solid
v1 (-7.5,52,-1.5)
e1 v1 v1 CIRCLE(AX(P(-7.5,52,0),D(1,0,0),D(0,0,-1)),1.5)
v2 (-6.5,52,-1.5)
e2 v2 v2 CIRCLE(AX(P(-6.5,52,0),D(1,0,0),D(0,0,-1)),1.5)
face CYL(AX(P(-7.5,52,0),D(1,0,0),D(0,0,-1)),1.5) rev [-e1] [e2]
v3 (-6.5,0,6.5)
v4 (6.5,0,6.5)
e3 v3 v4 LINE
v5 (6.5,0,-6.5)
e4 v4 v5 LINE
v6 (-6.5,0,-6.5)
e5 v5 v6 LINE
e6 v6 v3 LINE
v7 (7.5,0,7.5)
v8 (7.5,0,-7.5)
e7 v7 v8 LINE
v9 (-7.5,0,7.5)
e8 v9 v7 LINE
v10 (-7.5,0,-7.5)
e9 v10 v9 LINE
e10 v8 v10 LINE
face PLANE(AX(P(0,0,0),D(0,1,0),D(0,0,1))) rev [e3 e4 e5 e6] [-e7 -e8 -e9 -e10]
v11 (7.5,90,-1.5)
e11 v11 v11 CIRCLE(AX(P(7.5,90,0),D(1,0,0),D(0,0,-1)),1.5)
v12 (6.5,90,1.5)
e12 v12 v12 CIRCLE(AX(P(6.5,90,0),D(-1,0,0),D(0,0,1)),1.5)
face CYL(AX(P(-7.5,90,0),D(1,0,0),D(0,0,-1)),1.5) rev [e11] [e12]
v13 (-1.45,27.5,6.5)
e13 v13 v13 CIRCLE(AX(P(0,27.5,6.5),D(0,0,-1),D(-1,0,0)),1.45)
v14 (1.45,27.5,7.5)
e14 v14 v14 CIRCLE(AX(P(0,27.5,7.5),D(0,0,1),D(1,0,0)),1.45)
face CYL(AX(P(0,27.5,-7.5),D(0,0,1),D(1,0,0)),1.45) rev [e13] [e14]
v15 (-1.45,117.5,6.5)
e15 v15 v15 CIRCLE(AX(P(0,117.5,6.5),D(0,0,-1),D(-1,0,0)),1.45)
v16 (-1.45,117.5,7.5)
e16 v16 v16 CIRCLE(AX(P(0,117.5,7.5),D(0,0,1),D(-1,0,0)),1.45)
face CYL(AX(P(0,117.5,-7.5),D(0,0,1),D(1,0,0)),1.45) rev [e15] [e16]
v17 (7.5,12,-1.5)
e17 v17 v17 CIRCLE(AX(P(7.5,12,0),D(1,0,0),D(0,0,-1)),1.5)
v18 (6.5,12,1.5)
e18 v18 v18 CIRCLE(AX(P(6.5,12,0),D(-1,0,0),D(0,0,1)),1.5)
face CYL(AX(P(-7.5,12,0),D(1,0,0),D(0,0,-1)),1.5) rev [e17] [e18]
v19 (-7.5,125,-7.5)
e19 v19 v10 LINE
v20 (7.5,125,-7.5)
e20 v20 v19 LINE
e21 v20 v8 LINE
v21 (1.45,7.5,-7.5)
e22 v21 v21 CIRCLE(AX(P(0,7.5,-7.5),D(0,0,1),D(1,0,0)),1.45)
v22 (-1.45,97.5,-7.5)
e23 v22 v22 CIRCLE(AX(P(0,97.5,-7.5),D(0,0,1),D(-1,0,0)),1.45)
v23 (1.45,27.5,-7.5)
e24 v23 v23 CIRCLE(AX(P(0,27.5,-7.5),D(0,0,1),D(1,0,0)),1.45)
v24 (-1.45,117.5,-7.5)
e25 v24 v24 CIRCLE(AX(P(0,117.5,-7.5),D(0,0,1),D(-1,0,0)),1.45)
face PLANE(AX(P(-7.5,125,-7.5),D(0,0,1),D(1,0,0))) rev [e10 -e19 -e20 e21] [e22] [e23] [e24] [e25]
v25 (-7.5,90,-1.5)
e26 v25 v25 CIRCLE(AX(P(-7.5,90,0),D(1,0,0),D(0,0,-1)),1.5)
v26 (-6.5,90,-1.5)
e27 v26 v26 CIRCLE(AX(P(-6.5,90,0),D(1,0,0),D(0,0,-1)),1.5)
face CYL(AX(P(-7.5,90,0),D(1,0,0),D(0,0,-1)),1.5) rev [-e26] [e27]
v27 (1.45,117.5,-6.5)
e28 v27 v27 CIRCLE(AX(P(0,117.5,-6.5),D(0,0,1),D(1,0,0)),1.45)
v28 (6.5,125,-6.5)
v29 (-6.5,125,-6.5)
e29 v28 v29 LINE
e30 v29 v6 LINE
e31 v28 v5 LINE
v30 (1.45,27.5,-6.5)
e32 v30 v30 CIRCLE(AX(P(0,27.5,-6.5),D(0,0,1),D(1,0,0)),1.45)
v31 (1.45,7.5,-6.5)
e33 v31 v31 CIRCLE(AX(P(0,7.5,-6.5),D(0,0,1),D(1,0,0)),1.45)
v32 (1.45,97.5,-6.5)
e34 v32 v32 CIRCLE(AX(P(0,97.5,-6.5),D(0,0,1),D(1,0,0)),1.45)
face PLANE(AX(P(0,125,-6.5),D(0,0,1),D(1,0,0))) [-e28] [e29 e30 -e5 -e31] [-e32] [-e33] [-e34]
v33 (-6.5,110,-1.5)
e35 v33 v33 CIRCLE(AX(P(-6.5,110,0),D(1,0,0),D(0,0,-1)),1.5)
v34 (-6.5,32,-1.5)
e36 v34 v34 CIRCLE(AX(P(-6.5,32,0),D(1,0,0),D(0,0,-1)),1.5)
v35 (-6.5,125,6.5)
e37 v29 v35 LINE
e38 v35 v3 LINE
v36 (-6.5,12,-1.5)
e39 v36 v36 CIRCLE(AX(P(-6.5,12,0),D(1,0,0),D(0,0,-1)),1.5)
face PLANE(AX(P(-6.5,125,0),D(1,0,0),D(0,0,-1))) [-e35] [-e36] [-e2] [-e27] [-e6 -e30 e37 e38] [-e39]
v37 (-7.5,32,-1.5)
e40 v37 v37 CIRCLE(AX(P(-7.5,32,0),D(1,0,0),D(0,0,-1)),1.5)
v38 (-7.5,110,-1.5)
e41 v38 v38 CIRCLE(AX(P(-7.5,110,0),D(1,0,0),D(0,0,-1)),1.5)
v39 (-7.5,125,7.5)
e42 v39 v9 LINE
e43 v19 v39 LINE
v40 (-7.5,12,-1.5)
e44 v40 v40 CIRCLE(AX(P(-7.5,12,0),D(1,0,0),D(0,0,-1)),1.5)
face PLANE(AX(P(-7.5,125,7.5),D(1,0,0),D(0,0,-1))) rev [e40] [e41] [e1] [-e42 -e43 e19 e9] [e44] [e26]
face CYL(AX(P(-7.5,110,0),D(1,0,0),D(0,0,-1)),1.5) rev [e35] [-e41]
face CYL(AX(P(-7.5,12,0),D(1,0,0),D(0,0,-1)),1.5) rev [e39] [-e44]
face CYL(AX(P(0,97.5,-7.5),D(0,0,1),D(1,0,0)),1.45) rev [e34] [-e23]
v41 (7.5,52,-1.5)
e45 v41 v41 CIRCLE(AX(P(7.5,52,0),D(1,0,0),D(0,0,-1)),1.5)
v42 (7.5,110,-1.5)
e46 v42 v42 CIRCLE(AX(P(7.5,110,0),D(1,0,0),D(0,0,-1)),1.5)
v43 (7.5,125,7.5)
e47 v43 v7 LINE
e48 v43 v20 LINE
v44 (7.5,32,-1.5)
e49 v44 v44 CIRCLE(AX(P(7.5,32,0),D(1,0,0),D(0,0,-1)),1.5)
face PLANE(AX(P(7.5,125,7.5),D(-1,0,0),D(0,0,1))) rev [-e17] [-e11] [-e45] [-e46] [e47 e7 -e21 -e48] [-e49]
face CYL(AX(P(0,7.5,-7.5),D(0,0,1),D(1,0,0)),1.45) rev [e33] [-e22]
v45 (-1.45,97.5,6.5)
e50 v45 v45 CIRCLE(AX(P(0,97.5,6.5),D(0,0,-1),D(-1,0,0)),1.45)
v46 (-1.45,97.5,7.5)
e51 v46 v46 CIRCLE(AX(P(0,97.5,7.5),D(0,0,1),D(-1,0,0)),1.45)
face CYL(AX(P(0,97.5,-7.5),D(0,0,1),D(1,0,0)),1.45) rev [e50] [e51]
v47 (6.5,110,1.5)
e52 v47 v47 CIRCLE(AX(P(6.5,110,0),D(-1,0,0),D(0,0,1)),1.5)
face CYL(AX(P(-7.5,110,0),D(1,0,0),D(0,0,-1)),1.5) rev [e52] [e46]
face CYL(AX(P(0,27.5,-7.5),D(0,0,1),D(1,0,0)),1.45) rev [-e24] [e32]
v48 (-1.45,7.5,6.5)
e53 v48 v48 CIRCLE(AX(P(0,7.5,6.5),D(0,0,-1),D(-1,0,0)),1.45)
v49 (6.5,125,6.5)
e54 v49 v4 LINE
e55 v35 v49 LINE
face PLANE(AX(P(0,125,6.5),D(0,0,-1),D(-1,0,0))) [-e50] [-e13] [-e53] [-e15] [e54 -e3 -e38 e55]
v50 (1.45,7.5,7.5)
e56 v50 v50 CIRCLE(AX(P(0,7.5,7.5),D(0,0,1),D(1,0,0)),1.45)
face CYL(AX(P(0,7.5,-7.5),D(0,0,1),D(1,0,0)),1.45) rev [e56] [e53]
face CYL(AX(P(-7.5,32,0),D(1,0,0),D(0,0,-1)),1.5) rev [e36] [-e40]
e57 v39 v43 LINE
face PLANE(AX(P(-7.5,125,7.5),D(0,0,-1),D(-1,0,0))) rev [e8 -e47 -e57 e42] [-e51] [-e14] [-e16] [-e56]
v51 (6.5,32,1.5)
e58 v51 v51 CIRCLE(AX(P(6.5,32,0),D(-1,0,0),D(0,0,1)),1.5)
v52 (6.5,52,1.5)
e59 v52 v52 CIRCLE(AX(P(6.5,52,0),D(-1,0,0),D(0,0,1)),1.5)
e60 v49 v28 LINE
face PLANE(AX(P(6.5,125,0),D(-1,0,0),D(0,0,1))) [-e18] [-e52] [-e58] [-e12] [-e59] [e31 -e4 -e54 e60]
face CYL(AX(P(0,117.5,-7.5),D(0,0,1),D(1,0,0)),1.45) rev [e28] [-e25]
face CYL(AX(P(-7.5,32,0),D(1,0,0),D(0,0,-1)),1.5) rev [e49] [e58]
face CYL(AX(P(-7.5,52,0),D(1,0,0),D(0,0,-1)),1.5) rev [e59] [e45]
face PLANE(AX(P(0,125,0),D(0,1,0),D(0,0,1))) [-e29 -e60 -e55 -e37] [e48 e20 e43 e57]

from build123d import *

# Parameters (mm, degrees)
SKETCH_1_W          = 15
SKETCH_1_H          = 15
SKETCH_1_W_2        = 13
SKETCH_1_H_2        = 13
EXTRUDE_1_DEPTH     = 125
SKETCH_2_R          = 1.45
CUT_EXTRUDE_1_DEPTH = 127.119982556
SKETCH_3_R          = 1.5
CUT_EXTRUDE_2_DEPTH = 127.119982556


with BuildPart() as part:
    # 草图1 → 拉伸-薄壁1 (new body)
    with BuildSketch(Plane(origin=(0, 0, 0), x_dir=(1, 0, 0), z_dir=(0, 1, 0))):
        Rectangle(SKETCH_1_W, SKETCH_1_H)
        Rectangle(SKETCH_1_W_2, SKETCH_1_H_2, mode=Mode.SUBTRACT)
    extrude(amount=EXTRUDE_1_DEPTH)

    # 草图2 → 切除-拉伸1 (cut, through all)
    with BuildSketch(Plane.XY.offset(7.5)):
        with Locations((0, 7.5)):
            Circle(SKETCH_2_R)
        with Locations((0, 27.5)):
            Circle(SKETCH_2_R)
        with Locations(Location((0, 97.5, 0), (0, 0, 180))):
            Circle(SKETCH_2_R)
        with Locations(Location((0, 117.5, 0), (0, 0, 180))):
            Circle(SKETCH_2_R)
    extrude(amount=-CUT_EXTRUDE_1_DEPTH, mode=Mode.SUBTRACT)

    # 草图3 → 切除-拉伸2 (cut, through all)
    with BuildSketch(Plane(origin=(7.5, 0, 0), x_dir=(0, 0, -1), z_dir=(1, 0, 0))):
        with Locations((0, 32)):
            Circle(SKETCH_3_R)
        with Locations((0, 12)):
            Circle(SKETCH_3_R)
        with Locations((0, 52)):
            Circle(SKETCH_3_R)
        with Locations((0, 110)):
            Circle(SKETCH_3_R)
        with Locations((0, 90)):
            Circle(SKETCH_3_R)
    extrude(amount=-CUT_EXTRUDE_2_DEPTH, mode=Mode.SUBTRACT)


solid = part.part
